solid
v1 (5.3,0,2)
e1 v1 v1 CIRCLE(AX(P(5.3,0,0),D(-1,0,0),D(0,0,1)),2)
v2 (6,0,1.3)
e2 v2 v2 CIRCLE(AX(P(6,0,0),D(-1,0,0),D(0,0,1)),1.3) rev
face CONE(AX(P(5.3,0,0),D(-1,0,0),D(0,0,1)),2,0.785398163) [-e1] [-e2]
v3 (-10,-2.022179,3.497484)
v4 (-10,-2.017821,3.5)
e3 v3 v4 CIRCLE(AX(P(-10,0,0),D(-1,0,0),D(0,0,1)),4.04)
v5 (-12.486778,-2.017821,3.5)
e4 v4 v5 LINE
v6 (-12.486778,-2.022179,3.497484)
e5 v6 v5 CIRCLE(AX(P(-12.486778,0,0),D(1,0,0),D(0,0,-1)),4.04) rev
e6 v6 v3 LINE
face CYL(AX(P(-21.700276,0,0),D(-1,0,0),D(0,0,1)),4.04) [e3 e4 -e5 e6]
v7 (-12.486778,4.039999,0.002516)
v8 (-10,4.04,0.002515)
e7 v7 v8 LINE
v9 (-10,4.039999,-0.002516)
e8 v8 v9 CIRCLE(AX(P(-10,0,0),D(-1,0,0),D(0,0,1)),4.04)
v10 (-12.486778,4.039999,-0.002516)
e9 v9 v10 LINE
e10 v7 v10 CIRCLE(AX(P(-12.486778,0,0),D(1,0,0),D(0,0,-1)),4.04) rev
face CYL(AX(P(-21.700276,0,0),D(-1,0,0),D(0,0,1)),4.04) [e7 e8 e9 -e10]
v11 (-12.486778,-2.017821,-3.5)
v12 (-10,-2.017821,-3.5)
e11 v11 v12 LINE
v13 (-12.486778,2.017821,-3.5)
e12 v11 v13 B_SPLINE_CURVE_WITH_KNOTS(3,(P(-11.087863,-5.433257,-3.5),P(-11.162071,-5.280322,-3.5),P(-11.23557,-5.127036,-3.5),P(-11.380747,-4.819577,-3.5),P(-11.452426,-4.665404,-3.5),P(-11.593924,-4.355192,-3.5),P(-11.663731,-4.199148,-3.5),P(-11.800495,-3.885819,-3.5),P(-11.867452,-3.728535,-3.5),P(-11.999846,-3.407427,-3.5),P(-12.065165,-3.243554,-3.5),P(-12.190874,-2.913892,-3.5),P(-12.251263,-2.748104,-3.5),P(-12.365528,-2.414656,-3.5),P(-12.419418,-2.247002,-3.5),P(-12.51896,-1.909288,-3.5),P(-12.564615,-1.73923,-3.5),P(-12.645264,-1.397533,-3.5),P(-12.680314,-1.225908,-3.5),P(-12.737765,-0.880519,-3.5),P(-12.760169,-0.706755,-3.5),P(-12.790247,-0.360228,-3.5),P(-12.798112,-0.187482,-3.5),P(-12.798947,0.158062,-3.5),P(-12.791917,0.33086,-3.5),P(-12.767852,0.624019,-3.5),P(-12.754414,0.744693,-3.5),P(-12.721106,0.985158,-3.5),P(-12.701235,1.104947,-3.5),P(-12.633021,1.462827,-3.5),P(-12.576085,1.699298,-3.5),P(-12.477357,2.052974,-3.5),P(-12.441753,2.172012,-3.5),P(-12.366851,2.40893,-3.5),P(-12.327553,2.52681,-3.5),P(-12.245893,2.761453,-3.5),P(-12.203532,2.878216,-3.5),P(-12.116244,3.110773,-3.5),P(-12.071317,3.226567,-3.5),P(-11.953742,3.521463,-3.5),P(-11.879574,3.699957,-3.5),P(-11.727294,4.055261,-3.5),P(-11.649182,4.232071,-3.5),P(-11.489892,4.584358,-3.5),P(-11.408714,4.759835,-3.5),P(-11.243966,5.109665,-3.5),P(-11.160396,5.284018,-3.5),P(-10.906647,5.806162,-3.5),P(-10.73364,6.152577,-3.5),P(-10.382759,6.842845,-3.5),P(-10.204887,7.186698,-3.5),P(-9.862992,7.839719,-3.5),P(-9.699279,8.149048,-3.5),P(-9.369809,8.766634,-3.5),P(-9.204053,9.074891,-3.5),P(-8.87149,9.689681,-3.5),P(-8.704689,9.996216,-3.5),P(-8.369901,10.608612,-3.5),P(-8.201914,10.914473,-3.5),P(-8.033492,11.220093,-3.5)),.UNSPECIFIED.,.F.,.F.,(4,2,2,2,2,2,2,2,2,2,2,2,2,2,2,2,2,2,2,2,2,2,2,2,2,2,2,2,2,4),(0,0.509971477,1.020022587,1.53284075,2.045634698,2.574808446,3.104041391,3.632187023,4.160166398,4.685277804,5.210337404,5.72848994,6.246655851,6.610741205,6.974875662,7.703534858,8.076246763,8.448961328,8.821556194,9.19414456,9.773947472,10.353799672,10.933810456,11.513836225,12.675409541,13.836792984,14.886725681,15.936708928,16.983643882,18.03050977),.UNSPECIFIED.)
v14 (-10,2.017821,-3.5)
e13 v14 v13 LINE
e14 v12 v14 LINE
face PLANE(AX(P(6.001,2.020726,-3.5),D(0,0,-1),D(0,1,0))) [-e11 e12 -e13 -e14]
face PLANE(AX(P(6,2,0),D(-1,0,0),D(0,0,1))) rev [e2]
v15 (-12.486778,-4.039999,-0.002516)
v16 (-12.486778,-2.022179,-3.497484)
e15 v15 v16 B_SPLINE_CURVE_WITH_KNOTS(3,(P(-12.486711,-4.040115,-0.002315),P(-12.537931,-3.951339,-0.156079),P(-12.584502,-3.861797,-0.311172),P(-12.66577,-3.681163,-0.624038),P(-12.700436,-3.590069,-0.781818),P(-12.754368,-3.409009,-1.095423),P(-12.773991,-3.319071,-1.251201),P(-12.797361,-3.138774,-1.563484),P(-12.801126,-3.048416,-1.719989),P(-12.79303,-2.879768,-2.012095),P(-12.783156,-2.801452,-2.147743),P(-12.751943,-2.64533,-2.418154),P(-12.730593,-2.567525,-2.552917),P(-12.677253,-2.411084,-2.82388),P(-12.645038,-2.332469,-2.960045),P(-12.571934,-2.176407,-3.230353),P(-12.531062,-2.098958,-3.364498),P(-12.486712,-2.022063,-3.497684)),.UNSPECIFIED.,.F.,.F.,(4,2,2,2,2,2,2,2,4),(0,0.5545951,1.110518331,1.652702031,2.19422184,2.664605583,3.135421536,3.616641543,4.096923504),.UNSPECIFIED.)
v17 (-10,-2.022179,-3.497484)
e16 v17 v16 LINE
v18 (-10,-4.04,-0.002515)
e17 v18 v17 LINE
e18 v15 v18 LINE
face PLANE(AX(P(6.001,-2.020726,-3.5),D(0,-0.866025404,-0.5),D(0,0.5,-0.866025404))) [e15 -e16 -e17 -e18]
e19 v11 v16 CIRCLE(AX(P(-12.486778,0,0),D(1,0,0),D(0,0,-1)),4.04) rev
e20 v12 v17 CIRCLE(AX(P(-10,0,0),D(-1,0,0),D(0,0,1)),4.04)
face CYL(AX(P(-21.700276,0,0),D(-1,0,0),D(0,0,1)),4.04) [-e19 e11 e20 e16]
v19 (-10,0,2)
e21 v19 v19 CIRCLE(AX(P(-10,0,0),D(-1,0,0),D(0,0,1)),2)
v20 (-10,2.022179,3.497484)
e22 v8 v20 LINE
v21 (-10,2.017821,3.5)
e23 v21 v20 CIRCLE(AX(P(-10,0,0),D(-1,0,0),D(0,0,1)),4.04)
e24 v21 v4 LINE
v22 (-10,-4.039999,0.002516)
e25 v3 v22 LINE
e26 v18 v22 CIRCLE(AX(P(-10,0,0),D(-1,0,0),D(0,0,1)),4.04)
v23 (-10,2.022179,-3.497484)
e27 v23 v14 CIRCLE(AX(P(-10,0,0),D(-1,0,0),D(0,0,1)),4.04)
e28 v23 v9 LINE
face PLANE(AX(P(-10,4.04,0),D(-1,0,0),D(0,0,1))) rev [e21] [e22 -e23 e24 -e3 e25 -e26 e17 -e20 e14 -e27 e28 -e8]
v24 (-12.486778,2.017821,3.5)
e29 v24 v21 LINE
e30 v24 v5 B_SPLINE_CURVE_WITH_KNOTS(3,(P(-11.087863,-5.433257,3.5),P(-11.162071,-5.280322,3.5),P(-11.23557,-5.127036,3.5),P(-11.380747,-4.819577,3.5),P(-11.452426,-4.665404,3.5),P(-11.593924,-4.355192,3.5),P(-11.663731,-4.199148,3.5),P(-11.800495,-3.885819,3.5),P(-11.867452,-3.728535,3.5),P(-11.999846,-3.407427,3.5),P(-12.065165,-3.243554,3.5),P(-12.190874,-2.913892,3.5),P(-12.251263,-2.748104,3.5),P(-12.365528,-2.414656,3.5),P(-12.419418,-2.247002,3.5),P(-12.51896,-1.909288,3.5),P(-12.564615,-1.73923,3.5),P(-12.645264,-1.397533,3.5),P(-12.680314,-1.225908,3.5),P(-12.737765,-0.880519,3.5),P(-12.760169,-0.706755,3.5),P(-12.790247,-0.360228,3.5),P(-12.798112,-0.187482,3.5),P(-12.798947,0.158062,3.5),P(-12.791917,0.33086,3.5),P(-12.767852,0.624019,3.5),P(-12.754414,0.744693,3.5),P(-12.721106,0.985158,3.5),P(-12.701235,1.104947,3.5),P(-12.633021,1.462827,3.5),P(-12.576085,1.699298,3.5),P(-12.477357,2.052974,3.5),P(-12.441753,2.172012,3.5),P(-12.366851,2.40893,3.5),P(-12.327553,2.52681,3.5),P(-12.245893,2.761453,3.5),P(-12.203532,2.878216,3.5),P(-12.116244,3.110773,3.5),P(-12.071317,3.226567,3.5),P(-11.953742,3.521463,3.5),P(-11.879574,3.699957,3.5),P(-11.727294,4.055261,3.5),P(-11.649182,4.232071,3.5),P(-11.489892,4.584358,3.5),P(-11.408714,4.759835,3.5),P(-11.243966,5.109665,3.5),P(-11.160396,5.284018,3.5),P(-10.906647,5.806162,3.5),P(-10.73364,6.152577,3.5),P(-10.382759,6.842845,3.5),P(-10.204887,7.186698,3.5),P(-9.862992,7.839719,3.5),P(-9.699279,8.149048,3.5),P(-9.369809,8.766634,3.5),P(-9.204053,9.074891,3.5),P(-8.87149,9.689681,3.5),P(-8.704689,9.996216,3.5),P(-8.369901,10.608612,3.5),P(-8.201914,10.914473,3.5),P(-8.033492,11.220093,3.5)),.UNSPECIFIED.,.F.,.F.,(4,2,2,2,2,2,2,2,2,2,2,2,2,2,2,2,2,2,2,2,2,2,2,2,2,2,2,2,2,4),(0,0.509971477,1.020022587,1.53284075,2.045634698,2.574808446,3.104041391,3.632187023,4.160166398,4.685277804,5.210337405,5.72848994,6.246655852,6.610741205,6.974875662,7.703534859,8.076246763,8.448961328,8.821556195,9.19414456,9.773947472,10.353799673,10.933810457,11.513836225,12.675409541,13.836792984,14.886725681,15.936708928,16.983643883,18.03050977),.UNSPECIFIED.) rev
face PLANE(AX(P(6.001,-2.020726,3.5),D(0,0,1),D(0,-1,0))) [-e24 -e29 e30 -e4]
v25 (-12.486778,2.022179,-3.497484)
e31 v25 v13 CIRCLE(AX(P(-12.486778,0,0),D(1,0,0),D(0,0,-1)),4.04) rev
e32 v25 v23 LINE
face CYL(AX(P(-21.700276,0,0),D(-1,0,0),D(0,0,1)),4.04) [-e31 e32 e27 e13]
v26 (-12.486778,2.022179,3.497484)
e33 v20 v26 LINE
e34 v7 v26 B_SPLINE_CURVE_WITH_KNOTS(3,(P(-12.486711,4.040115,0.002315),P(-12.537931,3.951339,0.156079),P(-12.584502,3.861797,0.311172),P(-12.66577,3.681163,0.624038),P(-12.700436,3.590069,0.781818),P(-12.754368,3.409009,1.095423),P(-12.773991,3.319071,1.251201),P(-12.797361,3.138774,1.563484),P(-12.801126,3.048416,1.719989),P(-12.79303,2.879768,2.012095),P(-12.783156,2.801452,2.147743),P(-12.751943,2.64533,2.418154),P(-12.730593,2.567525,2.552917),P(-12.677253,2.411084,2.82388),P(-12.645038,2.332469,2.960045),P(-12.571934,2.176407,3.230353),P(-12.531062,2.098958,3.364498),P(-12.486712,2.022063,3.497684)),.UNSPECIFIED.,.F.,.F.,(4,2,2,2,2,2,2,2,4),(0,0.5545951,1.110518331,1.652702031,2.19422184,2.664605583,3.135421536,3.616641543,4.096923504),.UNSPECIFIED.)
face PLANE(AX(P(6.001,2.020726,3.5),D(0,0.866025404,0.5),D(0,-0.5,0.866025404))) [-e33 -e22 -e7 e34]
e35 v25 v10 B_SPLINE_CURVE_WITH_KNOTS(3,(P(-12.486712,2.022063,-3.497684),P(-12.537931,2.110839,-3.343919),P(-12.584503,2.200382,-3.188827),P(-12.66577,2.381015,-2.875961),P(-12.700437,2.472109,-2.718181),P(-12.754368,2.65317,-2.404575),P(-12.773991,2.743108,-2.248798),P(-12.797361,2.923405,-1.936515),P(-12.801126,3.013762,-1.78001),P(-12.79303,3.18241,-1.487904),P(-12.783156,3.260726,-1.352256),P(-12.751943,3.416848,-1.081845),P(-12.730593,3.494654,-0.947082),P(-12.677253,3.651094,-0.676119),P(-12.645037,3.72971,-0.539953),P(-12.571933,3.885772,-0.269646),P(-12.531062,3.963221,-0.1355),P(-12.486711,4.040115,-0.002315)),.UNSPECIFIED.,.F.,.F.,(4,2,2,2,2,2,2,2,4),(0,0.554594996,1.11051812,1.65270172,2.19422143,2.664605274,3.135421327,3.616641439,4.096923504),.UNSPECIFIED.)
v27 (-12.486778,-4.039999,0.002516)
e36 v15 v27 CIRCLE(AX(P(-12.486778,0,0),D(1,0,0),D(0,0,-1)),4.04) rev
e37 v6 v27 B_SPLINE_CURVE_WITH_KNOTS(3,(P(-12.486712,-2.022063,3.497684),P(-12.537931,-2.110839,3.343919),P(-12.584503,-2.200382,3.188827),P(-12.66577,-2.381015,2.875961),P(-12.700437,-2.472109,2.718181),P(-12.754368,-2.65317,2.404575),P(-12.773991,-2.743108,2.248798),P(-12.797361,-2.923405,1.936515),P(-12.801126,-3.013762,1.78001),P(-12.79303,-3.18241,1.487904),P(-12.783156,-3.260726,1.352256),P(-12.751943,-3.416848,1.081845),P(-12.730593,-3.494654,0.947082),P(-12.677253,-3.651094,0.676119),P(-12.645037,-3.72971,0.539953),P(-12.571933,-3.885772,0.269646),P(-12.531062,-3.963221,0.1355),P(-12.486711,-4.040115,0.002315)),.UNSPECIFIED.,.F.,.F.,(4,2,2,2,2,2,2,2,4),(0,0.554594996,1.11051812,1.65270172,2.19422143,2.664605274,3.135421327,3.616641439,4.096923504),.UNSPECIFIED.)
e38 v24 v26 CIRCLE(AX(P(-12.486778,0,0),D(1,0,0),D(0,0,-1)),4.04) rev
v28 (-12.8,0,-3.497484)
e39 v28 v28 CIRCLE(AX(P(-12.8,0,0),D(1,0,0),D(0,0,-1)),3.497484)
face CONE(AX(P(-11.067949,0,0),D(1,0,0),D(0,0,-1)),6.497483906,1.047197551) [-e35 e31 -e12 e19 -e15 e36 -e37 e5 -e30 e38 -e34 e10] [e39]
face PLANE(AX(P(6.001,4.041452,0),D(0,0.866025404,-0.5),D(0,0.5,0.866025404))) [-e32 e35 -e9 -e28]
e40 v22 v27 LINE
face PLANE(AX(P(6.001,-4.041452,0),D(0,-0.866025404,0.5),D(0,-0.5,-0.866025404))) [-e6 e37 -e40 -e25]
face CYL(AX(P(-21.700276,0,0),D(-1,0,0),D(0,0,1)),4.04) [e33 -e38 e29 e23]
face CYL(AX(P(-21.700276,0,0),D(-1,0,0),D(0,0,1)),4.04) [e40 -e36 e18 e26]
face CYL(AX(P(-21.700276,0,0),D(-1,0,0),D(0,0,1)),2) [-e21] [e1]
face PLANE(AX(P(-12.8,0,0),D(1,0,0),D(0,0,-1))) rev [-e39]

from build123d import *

# Parameters (mm, degrees)
SKETCH_2_OUTSIDE_W  = 14.48
SKETCH_2_OUTSIDE_H  = 14.48
CUT_EXTRUDE_1_DEPTH = 18.8
CHAMFER_1_SIZE      = 0.7


with BuildPart() as part:
    # Эскиз1 → Повернуть1 (revolve)
    with BuildSketch(Plane.XY):
        Polygon((-12.8, 0), (-12.8, 4.04), (-10, 4.04), (-10, 2), (6, 2), (6, 0), align=None)
    revolve(axis=Axis((-21.700276243, 0, 0), (1, 0, 0)))

    # Эскиз2 outside → Вырез-Вытянуть1 (cut)
    with BuildSketch(Plane.ZY.offset(12.8)):
        Rectangle(SKETCH_2_OUTSIDE_W, SKETCH_2_OUTSIDE_H)
        Polygon((0, 4.041451884), (-3.5, 2.020725942), (-3.5, -2.020725942), (0, -4.041451884), (3.5, -2.020725942), (3.5, 2.020725942), align=None, mode=Mode.SUBTRACT)
    extrude(amount=-CUT_EXTRUDE_1_DEPTH, mode=Mode.SUBTRACT)

    # Фаска1
    chamfer_1_edges = [part.edges().sort_by_distance(p)[0] for p in [
        (6, -2, 0),
    ]]
    chamfer(chamfer_1_edges, length=CHAMFER_1_SIZE)

    # Эскиз5 → Вырез-Повернуть1 (revolve, cut)
    with BuildSketch(Plane(origin=(0, 0, 0), x_dir=(-1, 0, 0), z_dir=(0, 0.5, -0.866025404))):
        Polygon((12.8, 3.497483906), (12.8, 6.497483906), (11.067949192, 6.497483906), align=None)
    revolve(axis=Axis((0, 0, 0), (-1, 0, 0)), mode=Mode.SUBTRACT)


solid = part.part
